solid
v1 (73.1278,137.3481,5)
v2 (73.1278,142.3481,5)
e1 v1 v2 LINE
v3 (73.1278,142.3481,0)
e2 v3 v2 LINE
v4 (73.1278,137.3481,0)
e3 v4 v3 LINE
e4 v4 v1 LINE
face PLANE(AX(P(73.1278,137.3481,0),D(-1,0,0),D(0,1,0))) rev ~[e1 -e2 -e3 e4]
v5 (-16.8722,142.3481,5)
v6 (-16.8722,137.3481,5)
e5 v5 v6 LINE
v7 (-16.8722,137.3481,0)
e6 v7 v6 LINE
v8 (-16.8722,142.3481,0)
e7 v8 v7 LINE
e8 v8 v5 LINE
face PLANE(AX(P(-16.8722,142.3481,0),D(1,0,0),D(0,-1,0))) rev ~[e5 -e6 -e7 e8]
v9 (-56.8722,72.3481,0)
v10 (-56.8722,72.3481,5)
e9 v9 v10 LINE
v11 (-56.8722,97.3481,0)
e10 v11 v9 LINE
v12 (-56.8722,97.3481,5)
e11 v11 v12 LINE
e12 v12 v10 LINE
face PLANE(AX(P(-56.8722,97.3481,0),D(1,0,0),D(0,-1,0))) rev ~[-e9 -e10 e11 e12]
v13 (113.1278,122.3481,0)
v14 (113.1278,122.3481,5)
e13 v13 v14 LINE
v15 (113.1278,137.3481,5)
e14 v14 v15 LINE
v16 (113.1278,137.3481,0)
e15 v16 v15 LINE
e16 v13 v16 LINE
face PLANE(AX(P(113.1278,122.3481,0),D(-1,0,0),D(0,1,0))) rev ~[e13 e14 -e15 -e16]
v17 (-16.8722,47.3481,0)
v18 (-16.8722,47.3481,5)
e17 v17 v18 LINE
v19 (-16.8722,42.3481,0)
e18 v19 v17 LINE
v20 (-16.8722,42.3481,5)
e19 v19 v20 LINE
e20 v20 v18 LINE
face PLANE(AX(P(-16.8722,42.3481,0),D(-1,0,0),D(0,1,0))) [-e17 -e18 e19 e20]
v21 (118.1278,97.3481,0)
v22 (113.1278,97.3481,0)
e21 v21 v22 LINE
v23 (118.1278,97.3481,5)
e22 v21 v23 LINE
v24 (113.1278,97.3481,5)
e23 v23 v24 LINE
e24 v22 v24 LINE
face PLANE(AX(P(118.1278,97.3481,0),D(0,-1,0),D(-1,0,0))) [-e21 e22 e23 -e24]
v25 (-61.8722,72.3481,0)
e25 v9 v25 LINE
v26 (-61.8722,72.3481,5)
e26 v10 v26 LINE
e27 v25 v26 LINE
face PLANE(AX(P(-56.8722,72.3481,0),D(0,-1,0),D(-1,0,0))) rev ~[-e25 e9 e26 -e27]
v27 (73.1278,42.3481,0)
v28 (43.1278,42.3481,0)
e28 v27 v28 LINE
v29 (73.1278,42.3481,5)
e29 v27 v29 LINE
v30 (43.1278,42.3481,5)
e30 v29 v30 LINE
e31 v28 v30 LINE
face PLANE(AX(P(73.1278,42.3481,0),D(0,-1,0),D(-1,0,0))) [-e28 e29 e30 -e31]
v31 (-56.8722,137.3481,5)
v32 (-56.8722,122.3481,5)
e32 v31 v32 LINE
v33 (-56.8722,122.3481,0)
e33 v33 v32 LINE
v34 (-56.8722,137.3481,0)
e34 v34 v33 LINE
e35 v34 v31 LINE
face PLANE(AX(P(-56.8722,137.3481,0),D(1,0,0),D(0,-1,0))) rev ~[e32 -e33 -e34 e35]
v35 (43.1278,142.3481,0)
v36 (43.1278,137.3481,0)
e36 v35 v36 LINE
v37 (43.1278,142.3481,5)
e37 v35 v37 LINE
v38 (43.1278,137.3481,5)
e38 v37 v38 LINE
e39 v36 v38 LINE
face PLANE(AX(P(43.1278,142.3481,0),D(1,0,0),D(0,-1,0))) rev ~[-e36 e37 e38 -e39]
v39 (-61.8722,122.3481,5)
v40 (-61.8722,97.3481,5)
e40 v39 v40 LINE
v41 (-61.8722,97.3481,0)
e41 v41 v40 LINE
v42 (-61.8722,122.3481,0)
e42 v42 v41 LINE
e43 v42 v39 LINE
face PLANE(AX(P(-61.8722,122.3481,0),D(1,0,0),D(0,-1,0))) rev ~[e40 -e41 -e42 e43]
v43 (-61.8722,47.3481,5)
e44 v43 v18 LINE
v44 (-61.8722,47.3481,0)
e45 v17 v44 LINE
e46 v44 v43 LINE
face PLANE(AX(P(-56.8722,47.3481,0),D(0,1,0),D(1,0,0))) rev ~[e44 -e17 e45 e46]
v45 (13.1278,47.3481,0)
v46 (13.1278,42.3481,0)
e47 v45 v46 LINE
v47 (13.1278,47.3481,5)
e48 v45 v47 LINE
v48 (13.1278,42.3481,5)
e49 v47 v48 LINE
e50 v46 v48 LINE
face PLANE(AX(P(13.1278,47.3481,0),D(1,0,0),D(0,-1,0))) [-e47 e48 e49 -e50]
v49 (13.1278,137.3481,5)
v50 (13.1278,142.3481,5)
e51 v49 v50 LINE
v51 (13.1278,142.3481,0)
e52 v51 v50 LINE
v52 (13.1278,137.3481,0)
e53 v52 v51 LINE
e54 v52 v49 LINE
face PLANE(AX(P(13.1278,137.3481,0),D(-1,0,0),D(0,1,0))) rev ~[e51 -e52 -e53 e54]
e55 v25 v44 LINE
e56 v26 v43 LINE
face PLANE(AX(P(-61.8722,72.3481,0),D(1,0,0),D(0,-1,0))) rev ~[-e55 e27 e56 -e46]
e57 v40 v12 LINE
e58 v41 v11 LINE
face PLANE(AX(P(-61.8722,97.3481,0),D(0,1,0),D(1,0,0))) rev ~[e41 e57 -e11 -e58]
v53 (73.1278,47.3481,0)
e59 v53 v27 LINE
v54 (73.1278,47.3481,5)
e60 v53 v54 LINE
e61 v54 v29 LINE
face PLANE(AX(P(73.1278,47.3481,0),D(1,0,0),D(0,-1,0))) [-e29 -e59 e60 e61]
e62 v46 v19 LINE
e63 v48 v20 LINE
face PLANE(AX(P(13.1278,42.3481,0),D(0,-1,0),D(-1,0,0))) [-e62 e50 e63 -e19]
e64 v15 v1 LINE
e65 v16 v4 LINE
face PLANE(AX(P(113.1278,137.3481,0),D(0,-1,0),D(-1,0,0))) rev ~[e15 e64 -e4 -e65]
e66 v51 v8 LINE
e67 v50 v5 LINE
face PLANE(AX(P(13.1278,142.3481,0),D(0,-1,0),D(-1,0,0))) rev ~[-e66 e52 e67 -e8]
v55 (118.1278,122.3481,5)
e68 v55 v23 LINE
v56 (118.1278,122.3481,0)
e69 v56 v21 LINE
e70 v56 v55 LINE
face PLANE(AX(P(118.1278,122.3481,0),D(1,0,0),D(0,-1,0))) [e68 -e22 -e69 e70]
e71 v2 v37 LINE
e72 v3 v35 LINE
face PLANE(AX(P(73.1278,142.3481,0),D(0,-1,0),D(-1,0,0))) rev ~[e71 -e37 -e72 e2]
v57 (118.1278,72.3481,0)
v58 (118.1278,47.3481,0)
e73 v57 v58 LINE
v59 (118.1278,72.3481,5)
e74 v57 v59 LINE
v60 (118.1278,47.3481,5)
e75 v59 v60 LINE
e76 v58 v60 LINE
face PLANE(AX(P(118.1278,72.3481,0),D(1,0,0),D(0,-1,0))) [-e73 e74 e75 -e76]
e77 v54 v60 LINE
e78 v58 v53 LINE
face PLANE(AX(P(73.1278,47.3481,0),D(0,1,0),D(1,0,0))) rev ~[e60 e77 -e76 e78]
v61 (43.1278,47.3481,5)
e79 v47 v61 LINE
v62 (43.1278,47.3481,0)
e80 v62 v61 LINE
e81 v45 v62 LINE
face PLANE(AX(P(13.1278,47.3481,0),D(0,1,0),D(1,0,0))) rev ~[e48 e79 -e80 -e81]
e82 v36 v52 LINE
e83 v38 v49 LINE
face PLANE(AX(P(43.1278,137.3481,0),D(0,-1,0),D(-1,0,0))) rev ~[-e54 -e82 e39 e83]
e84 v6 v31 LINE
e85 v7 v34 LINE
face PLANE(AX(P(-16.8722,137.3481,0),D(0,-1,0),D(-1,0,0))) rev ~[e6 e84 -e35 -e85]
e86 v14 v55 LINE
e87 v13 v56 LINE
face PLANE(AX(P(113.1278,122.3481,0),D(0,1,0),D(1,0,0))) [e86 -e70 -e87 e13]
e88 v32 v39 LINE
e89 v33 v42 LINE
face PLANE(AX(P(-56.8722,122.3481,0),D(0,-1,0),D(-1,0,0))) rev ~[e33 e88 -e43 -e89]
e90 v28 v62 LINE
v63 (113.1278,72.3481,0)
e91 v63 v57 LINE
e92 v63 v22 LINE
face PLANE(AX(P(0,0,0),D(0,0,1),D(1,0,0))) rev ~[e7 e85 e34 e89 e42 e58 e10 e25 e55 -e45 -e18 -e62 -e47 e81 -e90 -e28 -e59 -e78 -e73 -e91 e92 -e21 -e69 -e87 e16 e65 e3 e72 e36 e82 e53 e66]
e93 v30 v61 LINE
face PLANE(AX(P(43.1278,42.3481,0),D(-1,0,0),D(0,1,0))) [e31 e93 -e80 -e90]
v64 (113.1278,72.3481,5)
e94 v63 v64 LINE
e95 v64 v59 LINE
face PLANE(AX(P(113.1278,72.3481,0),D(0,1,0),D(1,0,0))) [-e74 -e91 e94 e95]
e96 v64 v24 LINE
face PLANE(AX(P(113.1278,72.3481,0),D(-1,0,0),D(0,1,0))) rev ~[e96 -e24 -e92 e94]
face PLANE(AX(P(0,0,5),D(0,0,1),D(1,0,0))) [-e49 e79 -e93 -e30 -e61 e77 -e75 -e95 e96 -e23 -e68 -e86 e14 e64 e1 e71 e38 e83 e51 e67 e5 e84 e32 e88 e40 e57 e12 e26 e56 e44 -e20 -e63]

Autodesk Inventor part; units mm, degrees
ref_plane "YZ Plane" through (0, 0, 0) normal (1, 0, 0) x (0, 1, 0)
ref_plane "XZ Plane" through (0, 0, 0) normal (0, 1, 0) x (-1, 0, 0)
ref_plane "XY Plane" through (0, 0, 0) normal (0, 0, 1) x (1, 0, 0)
sketch "Sketch1" plane through (0, 0, 0) normal (0, 0, 1) x (1, 0, 0)
  line L0 (-56.8722, 47.3481) -> (113.1278, 47.3481)
  line L1 (113.1278, 47.3481) -> (113.1278, 137.3481)
  line L2 (113.1278, 137.3481) -> (-56.8722, 137.3481)
  line L3 (-56.8722, 137.3481) -> (-56.8722, 47.3481)
  line L4 (-16.8722, 137.3481) -> (13.1278, 137.3481)
  line L5 (13.1278, 137.3481) -> (13.1278, 142.3481)
  line L6 (13.1278, 142.3481) -> (-16.8722, 142.3481)
  line L7 (-16.8722, 142.3481) -> (-16.8722, 137.3481)
  line L8 (43.1278, 137.3481) -> (73.1278, 137.3481)
  line L9 (73.1278, 137.3481) -> (73.1278, 142.3481)
  line L10 (73.1278, 142.3481) -> (43.1278, 142.3481)
  line L11 (43.1278, 142.3481) -> (43.1278, 137.3481)
  line L12 (-56.8722, 122.3481) -> (-61.8722, 122.3481)
  line L13 (-61.8722, 122.3481) -> (-61.8722, 97.3481)
  line L14 (-61.8722, 97.3481) -> (-56.8722, 97.3481)
  line L15 (-56.8722, 97.3481) -> (-56.8722, 122.3481)
  line L16 (-56.8722, 72.3481) -> (-61.8722, 72.3481)
  line L17 (-61.8722, 72.3481) -> (-61.8722, 47.3481)
  line L18 (-61.8722, 47.3481) -> (-56.8722, 47.3481)
  line L19 (-56.8722, 47.3481) -> (-56.8722, 72.3481)
  line L20 (28.1278, 137.3481) -> (28.1278, 0) construction
  line L21 (113.1278, 92.3481) -> (-89.8248, 92.3481) construction
  line L22 (13.1278, 47.3481) -> (13.1278, 42.3481)
  line L23 (13.1278, 42.3481) -> (-16.8722, 42.3481)
  line L24 (-16.8722, 42.3481) -> (-16.8722, 47.3481)
  line L25 (73.1278, 47.3481) -> (73.1278, 42.3481)
  line L26 (73.1278, 42.3481) -> (43.1278, 42.3481)
  line L27 (43.1278, 42.3481) -> (43.1278, 47.3481)
  line L28 (113.1278, 122.3481) -> (118.1278, 122.3481)
  line L29 (118.1278, 122.3481) -> (118.1278, 97.3481)
  line L30 (118.1278, 97.3481) -> (113.1278, 97.3481)
  line L31 (113.1278, 72.3481) -> (118.1278, 72.3481)
  line L32 (118.1278, 72.3481) -> (118.1278, 47.3481)
  line L33 (118.1278, 47.3481) -> (113.1278, 47.3481)
  line L34 (-56.8722, 92.3481) -> (146.0804, 92.3481) construction
  point P0 (0, 0)
  point P1 (-56.8722, 97.3481)
  point P2 (-56.8722, 47.3481)
  point P3 (-16.8722, 47.3481)
  point P4 (13.1278, 47.3481)
  point P5 (43.1278, 47.3481)
  point P6 (73.1278, 47.3481)
  point P7 (113.1278, 72.3481)
  point P8 (113.1278, 97.3481)
  point P9 (113.1278, 122.3481)
  point P10 (73.1278, 137.3481)
  point P11 (13.1278, 137.3481)
  dimension "d0" = 170
  dimension "d1" = 90
  dimension "d2" = 30
  dimension "d3" = 5
  dimension "d4" = 30
  dimension "d5" = 5
  dimension "d6" = 30
  dimension "d7" = 40
  dimension "d8" = 5
  dimension "d9" = 25
  dimension "d10" = 5
  dimension "d11" = 25
  dimension "d12" = 25
  dimension "d13" = 15
extrude "Extrusion1" add sketch "Sketch1" along normal blind 5
properties part number "Lat 3"
